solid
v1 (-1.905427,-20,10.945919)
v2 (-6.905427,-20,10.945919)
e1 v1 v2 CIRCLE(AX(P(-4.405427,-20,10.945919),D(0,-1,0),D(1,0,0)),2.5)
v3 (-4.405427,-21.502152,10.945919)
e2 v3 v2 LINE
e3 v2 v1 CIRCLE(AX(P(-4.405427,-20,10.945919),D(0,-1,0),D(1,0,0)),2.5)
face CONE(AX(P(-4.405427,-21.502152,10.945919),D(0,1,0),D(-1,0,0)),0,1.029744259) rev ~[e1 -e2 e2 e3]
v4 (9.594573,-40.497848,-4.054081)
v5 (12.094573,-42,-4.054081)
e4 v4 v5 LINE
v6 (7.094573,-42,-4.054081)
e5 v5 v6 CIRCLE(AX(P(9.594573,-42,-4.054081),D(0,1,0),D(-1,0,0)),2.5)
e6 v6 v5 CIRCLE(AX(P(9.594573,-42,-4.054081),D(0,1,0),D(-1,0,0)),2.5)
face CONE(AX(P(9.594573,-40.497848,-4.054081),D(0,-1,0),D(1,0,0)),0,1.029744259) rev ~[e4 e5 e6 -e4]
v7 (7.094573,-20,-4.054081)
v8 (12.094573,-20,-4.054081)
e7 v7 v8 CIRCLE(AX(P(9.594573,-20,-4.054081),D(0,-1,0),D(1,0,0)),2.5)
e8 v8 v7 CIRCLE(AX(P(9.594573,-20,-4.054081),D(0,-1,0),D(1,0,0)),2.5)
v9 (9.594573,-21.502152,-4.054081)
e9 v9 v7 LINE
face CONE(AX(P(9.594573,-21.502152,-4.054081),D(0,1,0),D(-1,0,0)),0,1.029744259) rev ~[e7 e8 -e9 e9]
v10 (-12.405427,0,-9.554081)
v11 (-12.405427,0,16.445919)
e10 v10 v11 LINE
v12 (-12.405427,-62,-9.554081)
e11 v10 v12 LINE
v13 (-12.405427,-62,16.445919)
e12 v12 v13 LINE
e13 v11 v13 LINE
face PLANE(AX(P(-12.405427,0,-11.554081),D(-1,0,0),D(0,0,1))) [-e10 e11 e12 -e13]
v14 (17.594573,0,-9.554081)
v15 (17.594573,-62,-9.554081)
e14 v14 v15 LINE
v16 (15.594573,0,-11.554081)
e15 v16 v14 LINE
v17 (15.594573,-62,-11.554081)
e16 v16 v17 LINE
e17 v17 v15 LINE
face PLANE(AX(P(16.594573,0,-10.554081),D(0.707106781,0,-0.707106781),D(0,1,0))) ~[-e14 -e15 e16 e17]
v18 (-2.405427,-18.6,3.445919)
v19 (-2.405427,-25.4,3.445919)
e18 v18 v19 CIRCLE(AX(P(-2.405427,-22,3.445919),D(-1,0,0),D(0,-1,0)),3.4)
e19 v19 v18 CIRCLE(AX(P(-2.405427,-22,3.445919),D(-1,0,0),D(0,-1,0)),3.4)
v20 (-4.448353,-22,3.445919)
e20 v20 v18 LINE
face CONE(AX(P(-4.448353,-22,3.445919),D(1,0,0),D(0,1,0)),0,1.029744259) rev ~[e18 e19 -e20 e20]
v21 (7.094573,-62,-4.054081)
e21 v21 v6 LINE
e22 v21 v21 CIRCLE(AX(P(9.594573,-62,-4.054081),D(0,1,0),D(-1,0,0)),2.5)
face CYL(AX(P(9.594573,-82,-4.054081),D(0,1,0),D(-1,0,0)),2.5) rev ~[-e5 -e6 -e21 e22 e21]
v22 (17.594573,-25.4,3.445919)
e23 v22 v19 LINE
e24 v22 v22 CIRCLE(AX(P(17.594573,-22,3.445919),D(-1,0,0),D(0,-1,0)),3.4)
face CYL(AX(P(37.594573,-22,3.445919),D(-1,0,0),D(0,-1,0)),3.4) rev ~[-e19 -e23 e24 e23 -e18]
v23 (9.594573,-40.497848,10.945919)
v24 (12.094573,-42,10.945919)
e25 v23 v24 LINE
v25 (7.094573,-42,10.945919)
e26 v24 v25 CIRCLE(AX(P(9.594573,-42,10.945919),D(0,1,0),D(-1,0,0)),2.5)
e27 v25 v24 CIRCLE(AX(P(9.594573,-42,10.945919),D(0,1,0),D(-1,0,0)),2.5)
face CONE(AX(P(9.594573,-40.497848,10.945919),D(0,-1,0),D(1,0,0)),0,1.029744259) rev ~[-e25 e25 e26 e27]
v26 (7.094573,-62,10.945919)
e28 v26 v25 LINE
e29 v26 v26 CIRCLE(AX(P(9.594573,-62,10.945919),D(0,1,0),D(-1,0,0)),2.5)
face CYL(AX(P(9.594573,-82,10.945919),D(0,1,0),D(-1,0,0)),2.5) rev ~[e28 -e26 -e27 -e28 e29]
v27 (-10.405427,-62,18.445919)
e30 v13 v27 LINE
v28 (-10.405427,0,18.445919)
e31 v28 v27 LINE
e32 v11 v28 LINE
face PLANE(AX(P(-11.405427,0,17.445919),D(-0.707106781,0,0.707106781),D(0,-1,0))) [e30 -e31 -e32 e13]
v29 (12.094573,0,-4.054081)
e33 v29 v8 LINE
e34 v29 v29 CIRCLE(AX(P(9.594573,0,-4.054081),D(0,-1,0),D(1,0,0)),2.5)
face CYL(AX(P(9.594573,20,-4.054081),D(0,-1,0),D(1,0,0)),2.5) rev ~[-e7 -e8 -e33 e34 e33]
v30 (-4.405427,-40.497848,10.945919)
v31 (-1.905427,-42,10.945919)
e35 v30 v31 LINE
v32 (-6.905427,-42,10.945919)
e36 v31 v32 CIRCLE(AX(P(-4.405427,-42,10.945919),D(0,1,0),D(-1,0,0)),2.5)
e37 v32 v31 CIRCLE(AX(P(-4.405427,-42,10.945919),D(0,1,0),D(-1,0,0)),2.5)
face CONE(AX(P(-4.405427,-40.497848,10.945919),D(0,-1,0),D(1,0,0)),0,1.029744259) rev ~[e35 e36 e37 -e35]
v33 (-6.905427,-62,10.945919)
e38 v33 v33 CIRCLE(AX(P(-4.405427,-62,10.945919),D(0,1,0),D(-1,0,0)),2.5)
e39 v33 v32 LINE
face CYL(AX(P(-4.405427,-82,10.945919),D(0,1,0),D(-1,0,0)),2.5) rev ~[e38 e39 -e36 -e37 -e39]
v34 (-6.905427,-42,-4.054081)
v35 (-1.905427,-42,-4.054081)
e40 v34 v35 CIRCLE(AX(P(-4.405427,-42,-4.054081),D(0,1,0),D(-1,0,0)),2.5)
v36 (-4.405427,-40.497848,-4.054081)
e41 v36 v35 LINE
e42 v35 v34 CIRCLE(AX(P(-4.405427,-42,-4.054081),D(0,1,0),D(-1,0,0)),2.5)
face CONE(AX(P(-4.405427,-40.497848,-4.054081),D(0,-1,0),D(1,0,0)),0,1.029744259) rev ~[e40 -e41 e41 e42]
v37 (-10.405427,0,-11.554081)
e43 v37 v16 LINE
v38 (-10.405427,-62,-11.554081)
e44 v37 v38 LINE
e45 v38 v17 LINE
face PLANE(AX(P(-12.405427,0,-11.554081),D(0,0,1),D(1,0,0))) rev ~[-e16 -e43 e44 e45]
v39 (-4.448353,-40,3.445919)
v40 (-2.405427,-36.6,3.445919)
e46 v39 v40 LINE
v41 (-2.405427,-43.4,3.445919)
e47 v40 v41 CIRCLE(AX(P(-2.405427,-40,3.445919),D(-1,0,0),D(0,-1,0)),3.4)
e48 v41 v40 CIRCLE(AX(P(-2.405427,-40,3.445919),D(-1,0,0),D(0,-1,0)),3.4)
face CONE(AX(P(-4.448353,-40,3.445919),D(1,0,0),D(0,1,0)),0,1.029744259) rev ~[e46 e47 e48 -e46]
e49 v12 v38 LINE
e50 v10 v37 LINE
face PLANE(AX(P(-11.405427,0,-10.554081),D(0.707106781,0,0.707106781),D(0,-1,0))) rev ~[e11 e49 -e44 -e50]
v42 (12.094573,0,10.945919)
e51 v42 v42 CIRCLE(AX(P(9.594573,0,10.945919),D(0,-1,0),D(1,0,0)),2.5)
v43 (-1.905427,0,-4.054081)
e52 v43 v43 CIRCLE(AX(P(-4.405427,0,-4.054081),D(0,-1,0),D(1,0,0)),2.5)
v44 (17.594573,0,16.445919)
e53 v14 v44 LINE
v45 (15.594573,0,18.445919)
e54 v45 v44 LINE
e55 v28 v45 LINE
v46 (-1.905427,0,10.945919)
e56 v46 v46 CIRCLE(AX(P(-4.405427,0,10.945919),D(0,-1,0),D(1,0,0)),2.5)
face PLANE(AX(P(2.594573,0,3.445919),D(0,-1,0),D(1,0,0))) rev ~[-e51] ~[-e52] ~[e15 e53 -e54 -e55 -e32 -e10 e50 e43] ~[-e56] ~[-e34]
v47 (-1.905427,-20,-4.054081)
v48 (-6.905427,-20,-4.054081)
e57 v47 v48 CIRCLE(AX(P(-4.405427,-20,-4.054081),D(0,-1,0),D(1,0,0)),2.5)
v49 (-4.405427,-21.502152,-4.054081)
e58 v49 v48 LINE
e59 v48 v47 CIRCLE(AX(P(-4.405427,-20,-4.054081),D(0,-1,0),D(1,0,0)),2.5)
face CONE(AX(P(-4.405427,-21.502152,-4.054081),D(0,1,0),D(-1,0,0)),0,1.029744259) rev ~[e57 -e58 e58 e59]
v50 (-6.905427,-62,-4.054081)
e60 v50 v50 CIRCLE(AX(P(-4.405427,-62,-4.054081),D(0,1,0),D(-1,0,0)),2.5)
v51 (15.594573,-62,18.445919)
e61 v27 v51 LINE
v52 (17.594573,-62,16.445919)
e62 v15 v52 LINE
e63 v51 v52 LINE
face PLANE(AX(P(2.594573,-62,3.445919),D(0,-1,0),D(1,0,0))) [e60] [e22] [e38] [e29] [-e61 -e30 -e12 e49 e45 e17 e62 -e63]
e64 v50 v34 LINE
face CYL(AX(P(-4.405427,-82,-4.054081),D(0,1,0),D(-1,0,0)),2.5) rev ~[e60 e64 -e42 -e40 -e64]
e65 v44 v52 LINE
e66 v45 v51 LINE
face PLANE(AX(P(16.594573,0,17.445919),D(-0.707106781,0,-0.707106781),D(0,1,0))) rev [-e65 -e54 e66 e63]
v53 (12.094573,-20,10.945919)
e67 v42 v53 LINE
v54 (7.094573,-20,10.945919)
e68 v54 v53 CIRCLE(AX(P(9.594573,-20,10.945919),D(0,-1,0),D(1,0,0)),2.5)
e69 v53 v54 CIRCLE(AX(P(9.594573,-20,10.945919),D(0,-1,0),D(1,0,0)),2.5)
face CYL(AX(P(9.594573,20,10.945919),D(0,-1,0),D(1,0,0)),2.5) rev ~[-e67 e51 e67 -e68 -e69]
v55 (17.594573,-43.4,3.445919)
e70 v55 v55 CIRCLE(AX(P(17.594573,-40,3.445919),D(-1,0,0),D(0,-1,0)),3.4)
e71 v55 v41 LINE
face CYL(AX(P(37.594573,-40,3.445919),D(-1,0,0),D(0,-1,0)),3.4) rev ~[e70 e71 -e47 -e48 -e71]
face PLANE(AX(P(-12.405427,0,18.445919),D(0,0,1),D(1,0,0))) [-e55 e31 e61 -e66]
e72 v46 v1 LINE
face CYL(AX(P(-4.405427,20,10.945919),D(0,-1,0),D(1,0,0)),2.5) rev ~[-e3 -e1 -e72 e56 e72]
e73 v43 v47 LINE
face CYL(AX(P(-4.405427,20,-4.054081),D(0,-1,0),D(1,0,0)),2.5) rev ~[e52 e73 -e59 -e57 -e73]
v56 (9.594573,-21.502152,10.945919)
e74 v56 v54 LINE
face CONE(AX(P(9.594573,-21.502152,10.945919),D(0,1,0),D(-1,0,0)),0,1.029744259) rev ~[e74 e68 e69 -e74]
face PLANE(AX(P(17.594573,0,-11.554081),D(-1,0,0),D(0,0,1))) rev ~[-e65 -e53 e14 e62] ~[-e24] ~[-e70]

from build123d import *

# Parameters (mm, degrees)
F0_W     = 30
F0_H     = 30
F1_DEPTH = 62
F3_D     = 5
F3_DEPTH = 20
F3_TIP   = 1.5021515476
F5_D     = 6.8
F5_DEPTH = 20
F5_TIP   = 2.0429261047
F7_D     = 5
F7_DEPTH = 20
F7_TIP   = 1.5021515476
F8_SIZE  = 2


with BuildPart() as f1:
    # F0 (on Front) → F1 (new body)
    with BuildSketch(Plane.XZ):
        with Locations((2.5945728272, 3.4459190071)):
            Rectangle(F0_W, F0_H)
    extrude(amount=F1_DEPTH)

    # F3
    with Locations(Plane.XZ.offset(62)):
        with Locations((-4.4054271728, 10.9459190071), (9.5945728272, 10.9459190071), (9.5945728272, -4.0540809929), (-4.4054271728, -4.0540809929)):
            Hole(F3_D / 2, depth=F3_DEPTH)
            with Locations((0, 0, -(F3_DEPTH + F3_TIP / 2))):  # 118° drill point
                Cone(0, F3_D / 2, F3_TIP, mode=Mode.SUBTRACT)

    # F5
    with Locations(Plane.YZ.offset(17.5945728272)):
        with Locations((-40, 3.4459190071), (-22, 3.4459190071)):
            Hole(F5_D / 2, depth=F5_DEPTH)
            with Locations((0, 0, -(F5_DEPTH + F5_TIP / 2))):  # 118° drill point
                Cone(0, F5_D / 2, F5_TIP, mode=Mode.SUBTRACT)

    # F7
    with Locations(Plane(origin=(0, 0, 0), x_dir=(-1, 0, 0), z_dir=(0, 1, 0))):
        with Locations((-9.5945728272, 10.9459190071), (4.4054271728, 10.9459190071), (4.4054271728, -4.0540809929), (-9.5945728272, -4.0540809929)):
            Hole(F7_D / 2, depth=F7_DEPTH)
            with Locations((0, 0, -(F7_DEPTH + F7_TIP / 2))):  # 118° drill point
                Cone(0, F7_D / 2, F7_TIP, mode=Mode.SUBTRACT)

    # F8
    f8_edges = [f1.edges().sort_by_distance(p)[0] for p in [
        (-12.405427, -31, 18.445919),
        (17.594573, -31, 18.445919),
        (17.594573, -31, -11.554081),
        (-12.405427, -31, -11.554081),
    ]]
    chamfer(f8_edges, length=F8_SIZE)


solid = f1.part
